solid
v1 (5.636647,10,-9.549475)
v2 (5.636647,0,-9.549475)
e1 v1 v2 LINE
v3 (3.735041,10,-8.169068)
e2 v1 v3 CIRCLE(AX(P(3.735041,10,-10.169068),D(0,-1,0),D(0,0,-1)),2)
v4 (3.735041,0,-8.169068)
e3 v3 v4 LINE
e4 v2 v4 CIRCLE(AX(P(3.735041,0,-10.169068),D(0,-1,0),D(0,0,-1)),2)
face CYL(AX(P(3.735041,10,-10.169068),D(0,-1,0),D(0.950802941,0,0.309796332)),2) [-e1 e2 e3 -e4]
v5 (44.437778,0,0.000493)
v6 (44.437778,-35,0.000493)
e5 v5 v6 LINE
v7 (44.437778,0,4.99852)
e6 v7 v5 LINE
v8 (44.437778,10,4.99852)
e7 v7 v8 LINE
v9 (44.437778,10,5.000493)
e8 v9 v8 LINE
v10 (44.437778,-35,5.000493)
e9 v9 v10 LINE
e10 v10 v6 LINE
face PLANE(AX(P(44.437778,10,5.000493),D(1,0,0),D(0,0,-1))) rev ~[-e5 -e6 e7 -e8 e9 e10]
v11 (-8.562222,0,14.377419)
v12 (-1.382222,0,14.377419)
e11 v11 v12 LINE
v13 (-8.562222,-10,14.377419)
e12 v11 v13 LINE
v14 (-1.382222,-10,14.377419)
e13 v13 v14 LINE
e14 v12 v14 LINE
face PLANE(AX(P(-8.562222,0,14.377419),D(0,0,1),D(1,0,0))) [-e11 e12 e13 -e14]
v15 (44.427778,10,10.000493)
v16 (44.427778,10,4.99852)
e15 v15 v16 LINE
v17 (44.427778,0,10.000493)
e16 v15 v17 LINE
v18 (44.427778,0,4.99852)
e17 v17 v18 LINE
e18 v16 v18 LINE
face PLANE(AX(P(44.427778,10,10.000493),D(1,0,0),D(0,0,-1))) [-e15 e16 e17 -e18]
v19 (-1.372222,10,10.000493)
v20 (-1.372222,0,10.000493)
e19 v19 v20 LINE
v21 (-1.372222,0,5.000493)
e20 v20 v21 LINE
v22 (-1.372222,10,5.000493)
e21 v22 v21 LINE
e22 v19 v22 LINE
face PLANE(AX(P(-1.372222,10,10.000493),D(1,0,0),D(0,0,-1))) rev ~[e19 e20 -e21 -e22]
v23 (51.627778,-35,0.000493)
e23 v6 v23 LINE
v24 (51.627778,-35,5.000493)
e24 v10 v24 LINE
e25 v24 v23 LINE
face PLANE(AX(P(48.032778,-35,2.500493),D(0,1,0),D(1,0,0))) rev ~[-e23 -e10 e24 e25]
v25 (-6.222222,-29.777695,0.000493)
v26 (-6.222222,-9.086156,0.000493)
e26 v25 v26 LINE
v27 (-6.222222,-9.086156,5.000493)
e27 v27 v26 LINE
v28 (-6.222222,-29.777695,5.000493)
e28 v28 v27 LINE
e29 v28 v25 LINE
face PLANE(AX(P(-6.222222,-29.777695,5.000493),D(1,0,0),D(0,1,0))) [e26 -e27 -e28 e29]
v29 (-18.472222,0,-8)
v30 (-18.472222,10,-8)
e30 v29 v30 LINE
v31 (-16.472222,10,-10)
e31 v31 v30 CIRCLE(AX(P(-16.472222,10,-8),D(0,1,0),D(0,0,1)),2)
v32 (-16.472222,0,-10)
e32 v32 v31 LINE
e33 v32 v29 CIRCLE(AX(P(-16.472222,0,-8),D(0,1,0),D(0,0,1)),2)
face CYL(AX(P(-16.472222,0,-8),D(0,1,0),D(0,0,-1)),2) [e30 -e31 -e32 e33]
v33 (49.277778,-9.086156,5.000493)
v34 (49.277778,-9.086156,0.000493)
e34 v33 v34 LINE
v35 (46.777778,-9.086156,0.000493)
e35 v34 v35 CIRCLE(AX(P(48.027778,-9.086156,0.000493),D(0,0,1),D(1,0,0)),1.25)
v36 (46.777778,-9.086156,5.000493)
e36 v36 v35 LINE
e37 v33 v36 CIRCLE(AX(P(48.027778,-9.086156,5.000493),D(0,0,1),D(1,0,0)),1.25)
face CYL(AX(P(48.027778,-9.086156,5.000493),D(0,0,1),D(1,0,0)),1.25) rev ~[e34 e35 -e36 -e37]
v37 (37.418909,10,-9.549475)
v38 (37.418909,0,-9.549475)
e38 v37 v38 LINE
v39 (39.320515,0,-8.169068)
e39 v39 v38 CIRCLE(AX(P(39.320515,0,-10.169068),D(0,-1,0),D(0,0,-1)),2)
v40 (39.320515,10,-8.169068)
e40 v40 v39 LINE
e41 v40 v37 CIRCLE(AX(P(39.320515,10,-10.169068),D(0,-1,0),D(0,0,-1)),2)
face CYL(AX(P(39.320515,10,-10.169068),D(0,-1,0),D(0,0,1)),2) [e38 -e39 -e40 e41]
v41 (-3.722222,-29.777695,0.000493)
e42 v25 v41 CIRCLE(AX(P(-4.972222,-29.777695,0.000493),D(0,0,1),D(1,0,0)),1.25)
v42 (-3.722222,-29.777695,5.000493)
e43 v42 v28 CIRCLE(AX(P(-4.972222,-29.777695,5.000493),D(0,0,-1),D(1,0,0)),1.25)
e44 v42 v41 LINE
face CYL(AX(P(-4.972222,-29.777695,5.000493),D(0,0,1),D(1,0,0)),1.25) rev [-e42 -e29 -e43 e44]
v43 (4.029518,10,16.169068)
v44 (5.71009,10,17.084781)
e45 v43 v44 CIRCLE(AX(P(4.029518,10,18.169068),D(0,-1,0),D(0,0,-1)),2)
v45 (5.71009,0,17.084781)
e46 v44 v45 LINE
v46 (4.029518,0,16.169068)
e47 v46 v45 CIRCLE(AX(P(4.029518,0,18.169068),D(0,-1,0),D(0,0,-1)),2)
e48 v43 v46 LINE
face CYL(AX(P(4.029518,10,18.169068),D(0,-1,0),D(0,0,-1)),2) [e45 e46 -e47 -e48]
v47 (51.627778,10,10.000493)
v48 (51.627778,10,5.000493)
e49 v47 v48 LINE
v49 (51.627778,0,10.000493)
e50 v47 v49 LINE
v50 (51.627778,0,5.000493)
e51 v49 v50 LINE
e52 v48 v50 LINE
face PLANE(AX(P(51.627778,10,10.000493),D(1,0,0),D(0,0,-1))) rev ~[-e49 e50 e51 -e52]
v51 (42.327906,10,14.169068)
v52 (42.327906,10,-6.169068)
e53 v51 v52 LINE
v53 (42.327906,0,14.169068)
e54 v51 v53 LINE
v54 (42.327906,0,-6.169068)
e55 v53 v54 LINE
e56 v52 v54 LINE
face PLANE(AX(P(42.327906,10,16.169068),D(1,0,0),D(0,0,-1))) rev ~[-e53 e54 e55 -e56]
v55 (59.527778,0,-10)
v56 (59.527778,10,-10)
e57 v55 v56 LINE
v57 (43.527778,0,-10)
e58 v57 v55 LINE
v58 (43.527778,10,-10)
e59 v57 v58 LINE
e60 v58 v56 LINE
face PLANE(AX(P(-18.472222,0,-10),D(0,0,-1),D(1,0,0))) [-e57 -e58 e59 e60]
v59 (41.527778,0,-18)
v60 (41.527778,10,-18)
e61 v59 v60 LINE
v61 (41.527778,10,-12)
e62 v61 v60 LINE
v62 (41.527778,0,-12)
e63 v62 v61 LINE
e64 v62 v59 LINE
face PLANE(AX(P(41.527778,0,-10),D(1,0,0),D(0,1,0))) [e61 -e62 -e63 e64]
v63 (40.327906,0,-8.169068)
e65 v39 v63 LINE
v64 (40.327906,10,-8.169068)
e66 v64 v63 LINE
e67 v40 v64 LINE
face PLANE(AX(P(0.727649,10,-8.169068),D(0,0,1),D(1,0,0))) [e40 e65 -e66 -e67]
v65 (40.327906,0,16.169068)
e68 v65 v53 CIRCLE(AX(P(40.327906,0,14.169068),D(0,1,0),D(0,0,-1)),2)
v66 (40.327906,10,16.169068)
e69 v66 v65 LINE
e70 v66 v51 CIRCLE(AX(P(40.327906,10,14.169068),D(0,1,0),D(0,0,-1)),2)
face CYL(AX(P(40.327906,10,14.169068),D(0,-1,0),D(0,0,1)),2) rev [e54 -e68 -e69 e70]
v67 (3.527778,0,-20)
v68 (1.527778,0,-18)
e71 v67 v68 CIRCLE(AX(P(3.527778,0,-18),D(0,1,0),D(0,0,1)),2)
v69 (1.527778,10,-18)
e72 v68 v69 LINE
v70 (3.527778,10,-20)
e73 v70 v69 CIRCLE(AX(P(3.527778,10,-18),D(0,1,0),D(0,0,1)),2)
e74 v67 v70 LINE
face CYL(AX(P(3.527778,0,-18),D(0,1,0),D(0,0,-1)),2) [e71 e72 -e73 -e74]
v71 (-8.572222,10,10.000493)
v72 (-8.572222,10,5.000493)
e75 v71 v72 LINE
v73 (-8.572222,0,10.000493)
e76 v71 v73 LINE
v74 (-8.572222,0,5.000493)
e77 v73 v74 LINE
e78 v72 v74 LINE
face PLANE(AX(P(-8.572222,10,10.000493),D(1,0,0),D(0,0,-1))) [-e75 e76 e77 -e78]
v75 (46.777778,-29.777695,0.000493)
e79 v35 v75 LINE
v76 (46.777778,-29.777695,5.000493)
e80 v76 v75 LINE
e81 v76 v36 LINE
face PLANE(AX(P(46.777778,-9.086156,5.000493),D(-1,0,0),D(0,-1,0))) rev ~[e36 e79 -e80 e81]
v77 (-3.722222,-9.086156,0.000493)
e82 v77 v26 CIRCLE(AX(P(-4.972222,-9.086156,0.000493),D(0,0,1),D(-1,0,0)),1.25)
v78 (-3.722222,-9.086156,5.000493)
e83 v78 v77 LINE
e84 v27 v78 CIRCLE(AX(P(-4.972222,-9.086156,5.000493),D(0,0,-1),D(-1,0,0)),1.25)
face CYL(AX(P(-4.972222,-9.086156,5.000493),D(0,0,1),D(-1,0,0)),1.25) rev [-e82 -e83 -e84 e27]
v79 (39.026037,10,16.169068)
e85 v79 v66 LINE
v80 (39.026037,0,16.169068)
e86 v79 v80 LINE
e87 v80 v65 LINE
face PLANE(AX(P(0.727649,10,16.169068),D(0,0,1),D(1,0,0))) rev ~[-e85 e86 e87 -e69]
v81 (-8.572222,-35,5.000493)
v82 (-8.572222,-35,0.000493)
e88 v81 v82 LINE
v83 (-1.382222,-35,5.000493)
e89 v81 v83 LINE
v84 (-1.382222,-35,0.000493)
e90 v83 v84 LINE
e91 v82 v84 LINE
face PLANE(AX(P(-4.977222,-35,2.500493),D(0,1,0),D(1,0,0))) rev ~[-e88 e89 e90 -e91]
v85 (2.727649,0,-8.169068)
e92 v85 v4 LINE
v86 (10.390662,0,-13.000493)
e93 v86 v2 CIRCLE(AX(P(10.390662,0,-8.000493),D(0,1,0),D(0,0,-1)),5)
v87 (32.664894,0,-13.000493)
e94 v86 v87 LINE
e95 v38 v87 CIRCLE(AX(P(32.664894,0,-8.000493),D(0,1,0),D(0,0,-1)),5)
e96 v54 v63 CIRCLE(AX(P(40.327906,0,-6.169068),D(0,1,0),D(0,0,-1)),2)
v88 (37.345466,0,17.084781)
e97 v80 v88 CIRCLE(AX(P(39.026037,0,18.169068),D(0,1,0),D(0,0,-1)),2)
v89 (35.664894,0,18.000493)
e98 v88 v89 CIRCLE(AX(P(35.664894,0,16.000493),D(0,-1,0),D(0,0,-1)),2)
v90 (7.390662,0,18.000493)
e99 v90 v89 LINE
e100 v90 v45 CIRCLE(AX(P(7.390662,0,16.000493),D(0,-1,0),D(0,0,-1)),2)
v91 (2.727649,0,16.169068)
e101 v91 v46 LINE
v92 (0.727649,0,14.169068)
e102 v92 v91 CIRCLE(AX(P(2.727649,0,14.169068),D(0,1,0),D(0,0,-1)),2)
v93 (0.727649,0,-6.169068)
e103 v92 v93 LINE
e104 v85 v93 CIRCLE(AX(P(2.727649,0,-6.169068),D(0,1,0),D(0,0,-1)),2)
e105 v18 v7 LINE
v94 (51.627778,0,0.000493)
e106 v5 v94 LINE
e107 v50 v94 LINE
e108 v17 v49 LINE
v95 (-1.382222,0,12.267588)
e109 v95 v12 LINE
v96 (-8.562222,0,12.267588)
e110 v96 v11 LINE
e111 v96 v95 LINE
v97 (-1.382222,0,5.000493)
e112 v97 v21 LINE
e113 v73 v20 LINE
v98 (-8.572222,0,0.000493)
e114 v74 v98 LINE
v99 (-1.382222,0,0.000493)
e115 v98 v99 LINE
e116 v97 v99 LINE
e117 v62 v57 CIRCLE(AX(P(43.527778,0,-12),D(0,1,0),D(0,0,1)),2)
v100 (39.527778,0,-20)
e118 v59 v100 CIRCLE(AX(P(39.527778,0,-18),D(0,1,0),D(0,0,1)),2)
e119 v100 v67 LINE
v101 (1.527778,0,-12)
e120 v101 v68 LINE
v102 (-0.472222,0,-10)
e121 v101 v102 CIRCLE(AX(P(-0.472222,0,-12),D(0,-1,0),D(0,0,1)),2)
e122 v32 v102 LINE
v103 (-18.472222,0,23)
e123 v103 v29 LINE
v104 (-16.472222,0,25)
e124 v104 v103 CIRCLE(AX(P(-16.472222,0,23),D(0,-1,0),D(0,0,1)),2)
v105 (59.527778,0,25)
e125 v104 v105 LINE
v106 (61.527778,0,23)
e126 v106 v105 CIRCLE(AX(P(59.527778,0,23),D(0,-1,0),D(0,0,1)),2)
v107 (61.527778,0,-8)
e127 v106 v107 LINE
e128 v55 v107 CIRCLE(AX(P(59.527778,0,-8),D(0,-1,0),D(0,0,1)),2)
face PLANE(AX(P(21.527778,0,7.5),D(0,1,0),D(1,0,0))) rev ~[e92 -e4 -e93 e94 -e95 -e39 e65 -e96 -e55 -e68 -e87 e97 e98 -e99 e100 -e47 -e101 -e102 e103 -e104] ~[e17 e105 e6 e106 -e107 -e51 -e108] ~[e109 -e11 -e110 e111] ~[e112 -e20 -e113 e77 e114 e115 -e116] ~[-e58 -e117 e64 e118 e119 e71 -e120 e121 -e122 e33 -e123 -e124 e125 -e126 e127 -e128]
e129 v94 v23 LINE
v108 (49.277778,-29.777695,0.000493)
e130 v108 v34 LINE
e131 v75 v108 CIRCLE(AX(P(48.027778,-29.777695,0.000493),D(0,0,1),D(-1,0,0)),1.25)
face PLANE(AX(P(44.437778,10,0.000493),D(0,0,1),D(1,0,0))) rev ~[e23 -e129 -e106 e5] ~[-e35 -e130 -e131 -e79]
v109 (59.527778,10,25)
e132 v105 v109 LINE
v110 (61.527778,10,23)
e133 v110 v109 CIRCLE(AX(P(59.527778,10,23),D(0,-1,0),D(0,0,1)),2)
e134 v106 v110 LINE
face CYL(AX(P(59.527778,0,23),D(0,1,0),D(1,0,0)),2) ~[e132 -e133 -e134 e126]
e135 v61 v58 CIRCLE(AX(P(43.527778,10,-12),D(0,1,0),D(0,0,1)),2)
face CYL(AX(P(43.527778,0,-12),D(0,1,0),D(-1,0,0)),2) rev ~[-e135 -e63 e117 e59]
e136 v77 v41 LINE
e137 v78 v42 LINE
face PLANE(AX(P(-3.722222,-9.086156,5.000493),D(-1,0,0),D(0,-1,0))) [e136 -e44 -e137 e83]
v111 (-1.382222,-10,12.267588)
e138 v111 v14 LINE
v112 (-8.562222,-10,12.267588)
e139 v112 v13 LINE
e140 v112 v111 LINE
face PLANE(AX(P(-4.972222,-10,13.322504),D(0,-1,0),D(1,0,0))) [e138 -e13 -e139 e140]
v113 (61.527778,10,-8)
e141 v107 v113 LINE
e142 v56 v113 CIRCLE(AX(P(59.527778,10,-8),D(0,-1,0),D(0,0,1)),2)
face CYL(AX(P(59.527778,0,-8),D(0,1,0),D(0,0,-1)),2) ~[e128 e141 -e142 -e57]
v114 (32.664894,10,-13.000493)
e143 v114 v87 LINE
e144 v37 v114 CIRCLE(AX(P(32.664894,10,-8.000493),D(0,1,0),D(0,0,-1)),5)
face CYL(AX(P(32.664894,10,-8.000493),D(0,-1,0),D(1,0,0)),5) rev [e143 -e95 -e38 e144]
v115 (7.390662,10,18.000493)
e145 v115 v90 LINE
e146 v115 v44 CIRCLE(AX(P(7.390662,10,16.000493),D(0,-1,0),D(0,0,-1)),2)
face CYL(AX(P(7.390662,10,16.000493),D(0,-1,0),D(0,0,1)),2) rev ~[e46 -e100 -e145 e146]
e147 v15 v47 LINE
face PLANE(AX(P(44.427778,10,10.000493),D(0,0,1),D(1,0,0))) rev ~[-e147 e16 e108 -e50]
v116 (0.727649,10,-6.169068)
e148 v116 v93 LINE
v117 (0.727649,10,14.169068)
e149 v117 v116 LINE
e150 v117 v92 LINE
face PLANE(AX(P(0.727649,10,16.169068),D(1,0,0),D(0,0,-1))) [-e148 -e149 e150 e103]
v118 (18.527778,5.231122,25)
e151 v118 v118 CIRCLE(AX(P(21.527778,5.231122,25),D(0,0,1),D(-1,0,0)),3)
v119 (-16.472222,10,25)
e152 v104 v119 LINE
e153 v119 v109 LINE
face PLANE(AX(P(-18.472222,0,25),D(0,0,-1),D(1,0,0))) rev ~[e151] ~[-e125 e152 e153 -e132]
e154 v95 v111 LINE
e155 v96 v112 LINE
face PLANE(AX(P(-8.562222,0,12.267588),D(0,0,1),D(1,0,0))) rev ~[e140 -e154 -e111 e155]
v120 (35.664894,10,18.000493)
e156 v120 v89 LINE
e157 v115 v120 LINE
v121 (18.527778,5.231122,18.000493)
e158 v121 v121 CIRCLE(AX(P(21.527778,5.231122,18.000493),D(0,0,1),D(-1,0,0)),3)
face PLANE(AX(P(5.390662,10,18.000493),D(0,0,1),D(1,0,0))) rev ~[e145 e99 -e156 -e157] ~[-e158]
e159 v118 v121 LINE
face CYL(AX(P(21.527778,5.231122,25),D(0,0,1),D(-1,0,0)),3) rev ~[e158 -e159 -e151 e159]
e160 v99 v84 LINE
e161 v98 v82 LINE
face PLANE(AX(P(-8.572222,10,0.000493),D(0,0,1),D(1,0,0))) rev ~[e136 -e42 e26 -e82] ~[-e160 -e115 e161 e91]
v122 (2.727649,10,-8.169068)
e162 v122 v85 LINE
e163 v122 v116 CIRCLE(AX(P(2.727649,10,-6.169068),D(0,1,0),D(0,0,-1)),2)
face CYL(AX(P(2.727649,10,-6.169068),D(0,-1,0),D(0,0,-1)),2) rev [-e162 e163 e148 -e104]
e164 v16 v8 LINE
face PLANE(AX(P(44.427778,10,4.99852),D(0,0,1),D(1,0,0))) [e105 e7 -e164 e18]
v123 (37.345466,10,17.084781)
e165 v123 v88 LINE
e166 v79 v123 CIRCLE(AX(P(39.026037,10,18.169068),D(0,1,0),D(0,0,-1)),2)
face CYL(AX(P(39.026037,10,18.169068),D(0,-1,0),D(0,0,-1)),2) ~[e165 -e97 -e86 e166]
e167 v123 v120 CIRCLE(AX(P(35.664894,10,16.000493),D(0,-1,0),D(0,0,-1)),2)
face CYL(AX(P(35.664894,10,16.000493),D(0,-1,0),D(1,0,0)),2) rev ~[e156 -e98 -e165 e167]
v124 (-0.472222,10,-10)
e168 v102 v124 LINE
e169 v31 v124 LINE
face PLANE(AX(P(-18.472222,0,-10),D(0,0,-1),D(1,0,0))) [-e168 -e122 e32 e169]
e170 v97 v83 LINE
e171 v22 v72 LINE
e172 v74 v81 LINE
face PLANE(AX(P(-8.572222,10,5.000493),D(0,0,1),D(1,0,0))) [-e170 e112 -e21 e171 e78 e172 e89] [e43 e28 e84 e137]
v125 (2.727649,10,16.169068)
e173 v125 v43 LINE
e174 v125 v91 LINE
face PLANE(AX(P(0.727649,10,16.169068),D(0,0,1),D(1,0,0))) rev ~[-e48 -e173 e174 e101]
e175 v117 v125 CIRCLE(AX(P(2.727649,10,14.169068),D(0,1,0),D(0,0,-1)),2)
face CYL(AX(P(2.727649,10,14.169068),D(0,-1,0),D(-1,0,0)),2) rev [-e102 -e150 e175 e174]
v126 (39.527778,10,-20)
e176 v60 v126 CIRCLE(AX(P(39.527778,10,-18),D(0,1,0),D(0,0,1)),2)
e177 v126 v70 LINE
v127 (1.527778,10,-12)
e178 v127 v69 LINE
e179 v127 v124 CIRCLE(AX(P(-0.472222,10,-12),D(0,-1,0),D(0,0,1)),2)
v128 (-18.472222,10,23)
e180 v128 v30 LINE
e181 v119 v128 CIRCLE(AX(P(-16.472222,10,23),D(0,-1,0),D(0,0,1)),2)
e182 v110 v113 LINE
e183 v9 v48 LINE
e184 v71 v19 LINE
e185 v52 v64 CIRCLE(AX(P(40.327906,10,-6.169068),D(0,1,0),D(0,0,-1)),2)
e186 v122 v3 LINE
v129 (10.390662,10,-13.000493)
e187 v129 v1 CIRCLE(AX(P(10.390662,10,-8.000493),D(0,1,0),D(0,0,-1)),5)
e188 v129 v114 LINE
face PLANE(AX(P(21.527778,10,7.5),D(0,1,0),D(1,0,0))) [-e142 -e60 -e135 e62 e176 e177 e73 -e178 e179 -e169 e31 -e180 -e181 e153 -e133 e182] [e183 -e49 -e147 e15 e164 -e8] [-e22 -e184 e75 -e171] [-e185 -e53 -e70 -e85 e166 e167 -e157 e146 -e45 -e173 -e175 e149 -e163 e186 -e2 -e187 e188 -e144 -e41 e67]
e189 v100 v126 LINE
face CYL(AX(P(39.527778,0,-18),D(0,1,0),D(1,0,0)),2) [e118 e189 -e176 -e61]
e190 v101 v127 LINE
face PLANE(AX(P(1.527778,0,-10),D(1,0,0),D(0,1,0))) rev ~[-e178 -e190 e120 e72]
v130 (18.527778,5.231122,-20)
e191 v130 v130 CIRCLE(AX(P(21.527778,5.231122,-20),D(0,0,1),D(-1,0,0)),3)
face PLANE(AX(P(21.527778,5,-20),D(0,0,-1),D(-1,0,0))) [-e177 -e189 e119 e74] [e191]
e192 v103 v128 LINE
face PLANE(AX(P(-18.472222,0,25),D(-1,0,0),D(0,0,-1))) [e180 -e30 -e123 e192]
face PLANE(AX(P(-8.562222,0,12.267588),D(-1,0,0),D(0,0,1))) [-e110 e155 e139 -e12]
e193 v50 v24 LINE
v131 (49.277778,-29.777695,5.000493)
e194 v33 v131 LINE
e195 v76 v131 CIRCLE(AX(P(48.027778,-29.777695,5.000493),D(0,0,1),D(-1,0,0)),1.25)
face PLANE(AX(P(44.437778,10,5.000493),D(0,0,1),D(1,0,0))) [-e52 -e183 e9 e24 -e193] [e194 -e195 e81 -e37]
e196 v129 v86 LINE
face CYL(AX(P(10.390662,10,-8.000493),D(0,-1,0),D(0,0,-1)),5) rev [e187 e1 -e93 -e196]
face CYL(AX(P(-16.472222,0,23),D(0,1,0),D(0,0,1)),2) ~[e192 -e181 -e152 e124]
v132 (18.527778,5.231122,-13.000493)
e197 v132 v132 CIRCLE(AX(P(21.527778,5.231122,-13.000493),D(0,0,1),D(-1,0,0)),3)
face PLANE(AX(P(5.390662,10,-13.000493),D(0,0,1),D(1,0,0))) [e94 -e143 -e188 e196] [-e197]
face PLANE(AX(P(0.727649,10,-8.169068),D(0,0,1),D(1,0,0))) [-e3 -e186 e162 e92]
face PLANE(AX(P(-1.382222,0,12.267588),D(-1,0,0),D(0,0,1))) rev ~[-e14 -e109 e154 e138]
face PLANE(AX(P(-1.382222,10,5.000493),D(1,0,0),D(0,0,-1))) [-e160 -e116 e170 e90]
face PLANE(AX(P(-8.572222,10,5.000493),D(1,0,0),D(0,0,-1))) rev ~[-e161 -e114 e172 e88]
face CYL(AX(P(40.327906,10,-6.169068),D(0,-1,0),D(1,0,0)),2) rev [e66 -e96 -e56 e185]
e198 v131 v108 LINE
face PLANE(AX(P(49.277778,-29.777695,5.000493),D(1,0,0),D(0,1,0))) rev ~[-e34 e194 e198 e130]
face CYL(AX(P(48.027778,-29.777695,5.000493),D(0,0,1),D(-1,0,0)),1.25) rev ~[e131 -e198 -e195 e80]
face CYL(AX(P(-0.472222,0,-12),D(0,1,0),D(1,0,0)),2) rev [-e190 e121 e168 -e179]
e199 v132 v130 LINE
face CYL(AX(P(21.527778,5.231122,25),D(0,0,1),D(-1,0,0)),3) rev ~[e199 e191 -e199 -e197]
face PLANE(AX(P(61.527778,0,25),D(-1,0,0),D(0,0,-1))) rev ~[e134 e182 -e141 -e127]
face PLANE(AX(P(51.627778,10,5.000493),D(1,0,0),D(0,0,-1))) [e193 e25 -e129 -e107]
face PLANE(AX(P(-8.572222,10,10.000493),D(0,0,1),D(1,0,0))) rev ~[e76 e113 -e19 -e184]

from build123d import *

# Parameters (mm, degrees)
SKETCH_1_W          = 80
SKETCH_1_H          = 35
EXTRUDE_1_DEPTH     = 10
SKETCH_2_W          = 7.2
SKETCH_2_H          = 5
SKETCH_2_H_2        = 5.001973484
CUT_EXTRUDE_1_DEPTH = 20
SKETCH_6_W          = 7.19
SKETCH_6_H          = 5
EXTRUDE_7_DEPTH     = 45
SKETCH_7_R          = 1.25
CUT_EXTRUDE_2_DEPTH = 30
SKETCH_8_W          = 40
SKETCH_8_H          = 10
EXTRUDE_8_DEPTH     = 10
SKETCH_10_W         = 32.274232457
SKETCH_10_H         = 31.000986742
CUT_EXTRUDE_3_DEPTH = 10
FILLET_1_R          = 5
FILLET_2_R          = 2
SKETCH_11_R         = 3
CUT_EXTRUDE_4_DEPTH = 50
CUT_EXTRUDE_5_DEPTH = 50
FILLET_3_R          = 2
SKETCH_13_W         = 7.18
SKETCH_13_H         = 2.109830921
EXTRUDE_9_DEPTH     = 10
SKETCH_14_W         = 41.600257034
SKETCH_14_H         = 24.338135392
CUT_EXTRUDE_6_DEPTH = 10
FILLET_5_R          = 2


with BuildPart() as part:
    # 草图1 → 凸台-拉伸1 (new body)
    with BuildSketch(Plane(origin=(0, 0, 0), x_dir=(1, 0, 0), z_dir=(0, 1, 0))):
        with Locations((21.527777778, -7.5)):
            Rectangle(SKETCH_1_W, SKETCH_1_H)
    extrude(amount=EXTRUDE_1_DEPTH)

    # 草图2 → 切除-拉伸1 (cut)
    with BuildSketch(Plane(origin=(0, 10, 0), x_dir=(1, 0, 0), z_dir=(0, 1, 0))):
        with Locations((-4.972222222, -7.500493371)):
            Rectangle(SKETCH_2_W, SKETCH_2_H)
        with Locations((48.027777778, -7.499506629)):
            Rectangle(SKETCH_2_W, SKETCH_2_H_2)
    extrude(amount=-CUT_EXTRUDE_1_DEPTH, mode=Mode.SUBTRACT)

    # 草图6 → 凸台-拉伸7 (add)
    with BuildSketch(Plane(origin=(0, 10, 0), x_dir=(1, 0, 0), z_dir=(0, 1, 0))):
        with Locations((-4.977222222, -2.500493371)):
            Rectangle(SKETCH_6_W, SKETCH_6_H)
        with Locations((48.032777778, -2.500493371)):
            Rectangle(SKETCH_6_W, SKETCH_6_H)
    extrude(amount=-EXTRUDE_7_DEPTH)

    # 草图7 → 切除-拉伸2 (cut)
    with BuildSketch(Plane.XY.offset(5.000493371)):
        with Locations((-4.972222222, -12)):
            Circle(SKETCH_7_R)
        with Locations((48.027777778, -12)):
            Circle(SKETCH_7_R)
    extrude(amount=-CUT_EXTRUDE_2_DEPTH, mode=Mode.SUBTRACT)

    # 草图8 → 凸台-拉伸8 (add)
    with BuildSketch(Plane(origin=(0, 0, -10), x_dir=(-1, 0, 0), z_dir=(0, 0, -1))):
        with Locations((-21.527777778, 5)):
            Rectangle(SKETCH_8_W, SKETCH_8_H)
    extrude(amount=EXTRUDE_8_DEPTH)

    # 草图10 → 切除-拉伸3 (cut)
    with BuildSketch(Plane(origin=(0, 10, 0), x_dir=(1, 0, 0), z_dir=(0, 1, 0))):
        with Locations((21.527777778, -2.5)):
            Rectangle(SKETCH_10_W, SKETCH_10_H)
    extrude(amount=-CUT_EXTRUDE_3_DEPTH, mode=Mode.SUBTRACT)

    # 圆角1
    fillet_1_edges = [part.edges().sort_by_distance(p)[0] for p in [
        (37.664894006, 5, -13.000493371),
        (5.390661549, 5, -13.000493371),
    ]]
    fillet(fillet_1_edges, radius=FILLET_1_R)

    # 圆角2
    fillet_2_edges = [part.edges().sort_by_distance(p)[0] for p in [
        (37.664894006, 5, 18.000493371),
        (5.390661549, 5, 18.000493371),
    ]]
    fillet(fillet_2_edges, radius=FILLET_2_R)

    # 草图11 → 切除-拉伸4 (cut)
    with BuildSketch(Plane.XY.offset(25)):
        with Locations(Location((21.527777778, 5.231122454, 0), (0, 0, 180))):
            Circle(SKETCH_11_R)
    extrude(amount=-CUT_EXTRUDE_4_DEPTH, mode=Mode.SUBTRACT)

    # 草图12 → 切除-拉伸5 (cut)
    with BuildSketch(Plane.XY.offset(5.000493371)):
        with BuildLine():
            Line((-3.722222222, -9.086156221), (-3.722222222, -29.777694538))
            ThreePointArc((-3.722222222, -29.777694538), (-4.972222222, -31.027694538), (-6.222222222, -29.777694538))
            Line((-6.222222222, -29.777694538), (-6.222222222, -9.086156221))
            ThreePointArc((-6.222222222, -9.086156221), (-4.972222222, -7.836156221), (-3.722222222, -9.086156221))
        make_face()
        with BuildLine():
            Line((46.777777778, -9.086156221), (46.777777778, -29.777694538))
            ThreePointArc((46.777777778, -29.777694538), (48.027777778, -31.027694538), (49.277777778, -29.777694538))
            Line((49.277777778, -29.777694538), (49.277777778, -9.086156221))
            ThreePointArc((49.277777778, -9.086156221), (48.027777778, -7.836156221), (46.777777778, -9.086156221))
        make_face()
    extrude(amount=-CUT_EXTRUDE_5_DEPTH, mode=Mode.SUBTRACT)

    # 圆角3
    fillet_3_edges = [part.edges().sort_by_distance(p)[0] for p in [
        (41.527777778, 5, -10),
        (1.527777778, 5, -10),
        (41.527777778, 5, -20),
        (1.527777778, 5, -20),
        (61.527777778, 5, 25),
        (-18.472222222, 5, 25),
        (-18.472222222, 5, -10),
        (61.527777778, 5, -10),
    ]]
    fillet(fillet_3_edges, radius=FILLET_3_R)

    # 草图13 → 凸台-拉伸9 (add)
    with BuildSketch(Plane.XZ):
        with Locations((-4.972222222, 13.322503868)):
            Rectangle(SKETCH_13_W, SKETCH_13_H)
    extrude(amount=EXTRUDE_9_DEPTH)

    # 草图14 → 切除-拉伸6 (cut)
    with BuildSketch(Plane(origin=(0, 10, 0), x_dir=(1, 0, 0), z_dir=(0, 1, 0))):
        with Locations((21.527777778, -4)):
            Rectangle(SKETCH_14_W, SKETCH_14_H)
    extrude(amount=-CUT_EXTRUDE_6_DEPTH, mode=Mode.SUBTRACT)

    # 圆角5
    fillet_5_edges = [part.edges().sort_by_distance(p)[0] for p in [
        (5.397778538, 5, 16.169067696),
        (5.393504088, 5, -8.169067696),
        (37.662051468, 5, -8.169067696),
        (0.727649261, 5, -8.169067696),
        (37.657777017, 5, 16.169067696),
        (42.327906295, 5, 16.169067696),
        (0.727649261, 5, 16.169067696),
        (42.327906295, 5, -8.169067696),
    ]]
    fillet(fillet_5_edges, radius=FILLET_5_R)


solid = part.part
